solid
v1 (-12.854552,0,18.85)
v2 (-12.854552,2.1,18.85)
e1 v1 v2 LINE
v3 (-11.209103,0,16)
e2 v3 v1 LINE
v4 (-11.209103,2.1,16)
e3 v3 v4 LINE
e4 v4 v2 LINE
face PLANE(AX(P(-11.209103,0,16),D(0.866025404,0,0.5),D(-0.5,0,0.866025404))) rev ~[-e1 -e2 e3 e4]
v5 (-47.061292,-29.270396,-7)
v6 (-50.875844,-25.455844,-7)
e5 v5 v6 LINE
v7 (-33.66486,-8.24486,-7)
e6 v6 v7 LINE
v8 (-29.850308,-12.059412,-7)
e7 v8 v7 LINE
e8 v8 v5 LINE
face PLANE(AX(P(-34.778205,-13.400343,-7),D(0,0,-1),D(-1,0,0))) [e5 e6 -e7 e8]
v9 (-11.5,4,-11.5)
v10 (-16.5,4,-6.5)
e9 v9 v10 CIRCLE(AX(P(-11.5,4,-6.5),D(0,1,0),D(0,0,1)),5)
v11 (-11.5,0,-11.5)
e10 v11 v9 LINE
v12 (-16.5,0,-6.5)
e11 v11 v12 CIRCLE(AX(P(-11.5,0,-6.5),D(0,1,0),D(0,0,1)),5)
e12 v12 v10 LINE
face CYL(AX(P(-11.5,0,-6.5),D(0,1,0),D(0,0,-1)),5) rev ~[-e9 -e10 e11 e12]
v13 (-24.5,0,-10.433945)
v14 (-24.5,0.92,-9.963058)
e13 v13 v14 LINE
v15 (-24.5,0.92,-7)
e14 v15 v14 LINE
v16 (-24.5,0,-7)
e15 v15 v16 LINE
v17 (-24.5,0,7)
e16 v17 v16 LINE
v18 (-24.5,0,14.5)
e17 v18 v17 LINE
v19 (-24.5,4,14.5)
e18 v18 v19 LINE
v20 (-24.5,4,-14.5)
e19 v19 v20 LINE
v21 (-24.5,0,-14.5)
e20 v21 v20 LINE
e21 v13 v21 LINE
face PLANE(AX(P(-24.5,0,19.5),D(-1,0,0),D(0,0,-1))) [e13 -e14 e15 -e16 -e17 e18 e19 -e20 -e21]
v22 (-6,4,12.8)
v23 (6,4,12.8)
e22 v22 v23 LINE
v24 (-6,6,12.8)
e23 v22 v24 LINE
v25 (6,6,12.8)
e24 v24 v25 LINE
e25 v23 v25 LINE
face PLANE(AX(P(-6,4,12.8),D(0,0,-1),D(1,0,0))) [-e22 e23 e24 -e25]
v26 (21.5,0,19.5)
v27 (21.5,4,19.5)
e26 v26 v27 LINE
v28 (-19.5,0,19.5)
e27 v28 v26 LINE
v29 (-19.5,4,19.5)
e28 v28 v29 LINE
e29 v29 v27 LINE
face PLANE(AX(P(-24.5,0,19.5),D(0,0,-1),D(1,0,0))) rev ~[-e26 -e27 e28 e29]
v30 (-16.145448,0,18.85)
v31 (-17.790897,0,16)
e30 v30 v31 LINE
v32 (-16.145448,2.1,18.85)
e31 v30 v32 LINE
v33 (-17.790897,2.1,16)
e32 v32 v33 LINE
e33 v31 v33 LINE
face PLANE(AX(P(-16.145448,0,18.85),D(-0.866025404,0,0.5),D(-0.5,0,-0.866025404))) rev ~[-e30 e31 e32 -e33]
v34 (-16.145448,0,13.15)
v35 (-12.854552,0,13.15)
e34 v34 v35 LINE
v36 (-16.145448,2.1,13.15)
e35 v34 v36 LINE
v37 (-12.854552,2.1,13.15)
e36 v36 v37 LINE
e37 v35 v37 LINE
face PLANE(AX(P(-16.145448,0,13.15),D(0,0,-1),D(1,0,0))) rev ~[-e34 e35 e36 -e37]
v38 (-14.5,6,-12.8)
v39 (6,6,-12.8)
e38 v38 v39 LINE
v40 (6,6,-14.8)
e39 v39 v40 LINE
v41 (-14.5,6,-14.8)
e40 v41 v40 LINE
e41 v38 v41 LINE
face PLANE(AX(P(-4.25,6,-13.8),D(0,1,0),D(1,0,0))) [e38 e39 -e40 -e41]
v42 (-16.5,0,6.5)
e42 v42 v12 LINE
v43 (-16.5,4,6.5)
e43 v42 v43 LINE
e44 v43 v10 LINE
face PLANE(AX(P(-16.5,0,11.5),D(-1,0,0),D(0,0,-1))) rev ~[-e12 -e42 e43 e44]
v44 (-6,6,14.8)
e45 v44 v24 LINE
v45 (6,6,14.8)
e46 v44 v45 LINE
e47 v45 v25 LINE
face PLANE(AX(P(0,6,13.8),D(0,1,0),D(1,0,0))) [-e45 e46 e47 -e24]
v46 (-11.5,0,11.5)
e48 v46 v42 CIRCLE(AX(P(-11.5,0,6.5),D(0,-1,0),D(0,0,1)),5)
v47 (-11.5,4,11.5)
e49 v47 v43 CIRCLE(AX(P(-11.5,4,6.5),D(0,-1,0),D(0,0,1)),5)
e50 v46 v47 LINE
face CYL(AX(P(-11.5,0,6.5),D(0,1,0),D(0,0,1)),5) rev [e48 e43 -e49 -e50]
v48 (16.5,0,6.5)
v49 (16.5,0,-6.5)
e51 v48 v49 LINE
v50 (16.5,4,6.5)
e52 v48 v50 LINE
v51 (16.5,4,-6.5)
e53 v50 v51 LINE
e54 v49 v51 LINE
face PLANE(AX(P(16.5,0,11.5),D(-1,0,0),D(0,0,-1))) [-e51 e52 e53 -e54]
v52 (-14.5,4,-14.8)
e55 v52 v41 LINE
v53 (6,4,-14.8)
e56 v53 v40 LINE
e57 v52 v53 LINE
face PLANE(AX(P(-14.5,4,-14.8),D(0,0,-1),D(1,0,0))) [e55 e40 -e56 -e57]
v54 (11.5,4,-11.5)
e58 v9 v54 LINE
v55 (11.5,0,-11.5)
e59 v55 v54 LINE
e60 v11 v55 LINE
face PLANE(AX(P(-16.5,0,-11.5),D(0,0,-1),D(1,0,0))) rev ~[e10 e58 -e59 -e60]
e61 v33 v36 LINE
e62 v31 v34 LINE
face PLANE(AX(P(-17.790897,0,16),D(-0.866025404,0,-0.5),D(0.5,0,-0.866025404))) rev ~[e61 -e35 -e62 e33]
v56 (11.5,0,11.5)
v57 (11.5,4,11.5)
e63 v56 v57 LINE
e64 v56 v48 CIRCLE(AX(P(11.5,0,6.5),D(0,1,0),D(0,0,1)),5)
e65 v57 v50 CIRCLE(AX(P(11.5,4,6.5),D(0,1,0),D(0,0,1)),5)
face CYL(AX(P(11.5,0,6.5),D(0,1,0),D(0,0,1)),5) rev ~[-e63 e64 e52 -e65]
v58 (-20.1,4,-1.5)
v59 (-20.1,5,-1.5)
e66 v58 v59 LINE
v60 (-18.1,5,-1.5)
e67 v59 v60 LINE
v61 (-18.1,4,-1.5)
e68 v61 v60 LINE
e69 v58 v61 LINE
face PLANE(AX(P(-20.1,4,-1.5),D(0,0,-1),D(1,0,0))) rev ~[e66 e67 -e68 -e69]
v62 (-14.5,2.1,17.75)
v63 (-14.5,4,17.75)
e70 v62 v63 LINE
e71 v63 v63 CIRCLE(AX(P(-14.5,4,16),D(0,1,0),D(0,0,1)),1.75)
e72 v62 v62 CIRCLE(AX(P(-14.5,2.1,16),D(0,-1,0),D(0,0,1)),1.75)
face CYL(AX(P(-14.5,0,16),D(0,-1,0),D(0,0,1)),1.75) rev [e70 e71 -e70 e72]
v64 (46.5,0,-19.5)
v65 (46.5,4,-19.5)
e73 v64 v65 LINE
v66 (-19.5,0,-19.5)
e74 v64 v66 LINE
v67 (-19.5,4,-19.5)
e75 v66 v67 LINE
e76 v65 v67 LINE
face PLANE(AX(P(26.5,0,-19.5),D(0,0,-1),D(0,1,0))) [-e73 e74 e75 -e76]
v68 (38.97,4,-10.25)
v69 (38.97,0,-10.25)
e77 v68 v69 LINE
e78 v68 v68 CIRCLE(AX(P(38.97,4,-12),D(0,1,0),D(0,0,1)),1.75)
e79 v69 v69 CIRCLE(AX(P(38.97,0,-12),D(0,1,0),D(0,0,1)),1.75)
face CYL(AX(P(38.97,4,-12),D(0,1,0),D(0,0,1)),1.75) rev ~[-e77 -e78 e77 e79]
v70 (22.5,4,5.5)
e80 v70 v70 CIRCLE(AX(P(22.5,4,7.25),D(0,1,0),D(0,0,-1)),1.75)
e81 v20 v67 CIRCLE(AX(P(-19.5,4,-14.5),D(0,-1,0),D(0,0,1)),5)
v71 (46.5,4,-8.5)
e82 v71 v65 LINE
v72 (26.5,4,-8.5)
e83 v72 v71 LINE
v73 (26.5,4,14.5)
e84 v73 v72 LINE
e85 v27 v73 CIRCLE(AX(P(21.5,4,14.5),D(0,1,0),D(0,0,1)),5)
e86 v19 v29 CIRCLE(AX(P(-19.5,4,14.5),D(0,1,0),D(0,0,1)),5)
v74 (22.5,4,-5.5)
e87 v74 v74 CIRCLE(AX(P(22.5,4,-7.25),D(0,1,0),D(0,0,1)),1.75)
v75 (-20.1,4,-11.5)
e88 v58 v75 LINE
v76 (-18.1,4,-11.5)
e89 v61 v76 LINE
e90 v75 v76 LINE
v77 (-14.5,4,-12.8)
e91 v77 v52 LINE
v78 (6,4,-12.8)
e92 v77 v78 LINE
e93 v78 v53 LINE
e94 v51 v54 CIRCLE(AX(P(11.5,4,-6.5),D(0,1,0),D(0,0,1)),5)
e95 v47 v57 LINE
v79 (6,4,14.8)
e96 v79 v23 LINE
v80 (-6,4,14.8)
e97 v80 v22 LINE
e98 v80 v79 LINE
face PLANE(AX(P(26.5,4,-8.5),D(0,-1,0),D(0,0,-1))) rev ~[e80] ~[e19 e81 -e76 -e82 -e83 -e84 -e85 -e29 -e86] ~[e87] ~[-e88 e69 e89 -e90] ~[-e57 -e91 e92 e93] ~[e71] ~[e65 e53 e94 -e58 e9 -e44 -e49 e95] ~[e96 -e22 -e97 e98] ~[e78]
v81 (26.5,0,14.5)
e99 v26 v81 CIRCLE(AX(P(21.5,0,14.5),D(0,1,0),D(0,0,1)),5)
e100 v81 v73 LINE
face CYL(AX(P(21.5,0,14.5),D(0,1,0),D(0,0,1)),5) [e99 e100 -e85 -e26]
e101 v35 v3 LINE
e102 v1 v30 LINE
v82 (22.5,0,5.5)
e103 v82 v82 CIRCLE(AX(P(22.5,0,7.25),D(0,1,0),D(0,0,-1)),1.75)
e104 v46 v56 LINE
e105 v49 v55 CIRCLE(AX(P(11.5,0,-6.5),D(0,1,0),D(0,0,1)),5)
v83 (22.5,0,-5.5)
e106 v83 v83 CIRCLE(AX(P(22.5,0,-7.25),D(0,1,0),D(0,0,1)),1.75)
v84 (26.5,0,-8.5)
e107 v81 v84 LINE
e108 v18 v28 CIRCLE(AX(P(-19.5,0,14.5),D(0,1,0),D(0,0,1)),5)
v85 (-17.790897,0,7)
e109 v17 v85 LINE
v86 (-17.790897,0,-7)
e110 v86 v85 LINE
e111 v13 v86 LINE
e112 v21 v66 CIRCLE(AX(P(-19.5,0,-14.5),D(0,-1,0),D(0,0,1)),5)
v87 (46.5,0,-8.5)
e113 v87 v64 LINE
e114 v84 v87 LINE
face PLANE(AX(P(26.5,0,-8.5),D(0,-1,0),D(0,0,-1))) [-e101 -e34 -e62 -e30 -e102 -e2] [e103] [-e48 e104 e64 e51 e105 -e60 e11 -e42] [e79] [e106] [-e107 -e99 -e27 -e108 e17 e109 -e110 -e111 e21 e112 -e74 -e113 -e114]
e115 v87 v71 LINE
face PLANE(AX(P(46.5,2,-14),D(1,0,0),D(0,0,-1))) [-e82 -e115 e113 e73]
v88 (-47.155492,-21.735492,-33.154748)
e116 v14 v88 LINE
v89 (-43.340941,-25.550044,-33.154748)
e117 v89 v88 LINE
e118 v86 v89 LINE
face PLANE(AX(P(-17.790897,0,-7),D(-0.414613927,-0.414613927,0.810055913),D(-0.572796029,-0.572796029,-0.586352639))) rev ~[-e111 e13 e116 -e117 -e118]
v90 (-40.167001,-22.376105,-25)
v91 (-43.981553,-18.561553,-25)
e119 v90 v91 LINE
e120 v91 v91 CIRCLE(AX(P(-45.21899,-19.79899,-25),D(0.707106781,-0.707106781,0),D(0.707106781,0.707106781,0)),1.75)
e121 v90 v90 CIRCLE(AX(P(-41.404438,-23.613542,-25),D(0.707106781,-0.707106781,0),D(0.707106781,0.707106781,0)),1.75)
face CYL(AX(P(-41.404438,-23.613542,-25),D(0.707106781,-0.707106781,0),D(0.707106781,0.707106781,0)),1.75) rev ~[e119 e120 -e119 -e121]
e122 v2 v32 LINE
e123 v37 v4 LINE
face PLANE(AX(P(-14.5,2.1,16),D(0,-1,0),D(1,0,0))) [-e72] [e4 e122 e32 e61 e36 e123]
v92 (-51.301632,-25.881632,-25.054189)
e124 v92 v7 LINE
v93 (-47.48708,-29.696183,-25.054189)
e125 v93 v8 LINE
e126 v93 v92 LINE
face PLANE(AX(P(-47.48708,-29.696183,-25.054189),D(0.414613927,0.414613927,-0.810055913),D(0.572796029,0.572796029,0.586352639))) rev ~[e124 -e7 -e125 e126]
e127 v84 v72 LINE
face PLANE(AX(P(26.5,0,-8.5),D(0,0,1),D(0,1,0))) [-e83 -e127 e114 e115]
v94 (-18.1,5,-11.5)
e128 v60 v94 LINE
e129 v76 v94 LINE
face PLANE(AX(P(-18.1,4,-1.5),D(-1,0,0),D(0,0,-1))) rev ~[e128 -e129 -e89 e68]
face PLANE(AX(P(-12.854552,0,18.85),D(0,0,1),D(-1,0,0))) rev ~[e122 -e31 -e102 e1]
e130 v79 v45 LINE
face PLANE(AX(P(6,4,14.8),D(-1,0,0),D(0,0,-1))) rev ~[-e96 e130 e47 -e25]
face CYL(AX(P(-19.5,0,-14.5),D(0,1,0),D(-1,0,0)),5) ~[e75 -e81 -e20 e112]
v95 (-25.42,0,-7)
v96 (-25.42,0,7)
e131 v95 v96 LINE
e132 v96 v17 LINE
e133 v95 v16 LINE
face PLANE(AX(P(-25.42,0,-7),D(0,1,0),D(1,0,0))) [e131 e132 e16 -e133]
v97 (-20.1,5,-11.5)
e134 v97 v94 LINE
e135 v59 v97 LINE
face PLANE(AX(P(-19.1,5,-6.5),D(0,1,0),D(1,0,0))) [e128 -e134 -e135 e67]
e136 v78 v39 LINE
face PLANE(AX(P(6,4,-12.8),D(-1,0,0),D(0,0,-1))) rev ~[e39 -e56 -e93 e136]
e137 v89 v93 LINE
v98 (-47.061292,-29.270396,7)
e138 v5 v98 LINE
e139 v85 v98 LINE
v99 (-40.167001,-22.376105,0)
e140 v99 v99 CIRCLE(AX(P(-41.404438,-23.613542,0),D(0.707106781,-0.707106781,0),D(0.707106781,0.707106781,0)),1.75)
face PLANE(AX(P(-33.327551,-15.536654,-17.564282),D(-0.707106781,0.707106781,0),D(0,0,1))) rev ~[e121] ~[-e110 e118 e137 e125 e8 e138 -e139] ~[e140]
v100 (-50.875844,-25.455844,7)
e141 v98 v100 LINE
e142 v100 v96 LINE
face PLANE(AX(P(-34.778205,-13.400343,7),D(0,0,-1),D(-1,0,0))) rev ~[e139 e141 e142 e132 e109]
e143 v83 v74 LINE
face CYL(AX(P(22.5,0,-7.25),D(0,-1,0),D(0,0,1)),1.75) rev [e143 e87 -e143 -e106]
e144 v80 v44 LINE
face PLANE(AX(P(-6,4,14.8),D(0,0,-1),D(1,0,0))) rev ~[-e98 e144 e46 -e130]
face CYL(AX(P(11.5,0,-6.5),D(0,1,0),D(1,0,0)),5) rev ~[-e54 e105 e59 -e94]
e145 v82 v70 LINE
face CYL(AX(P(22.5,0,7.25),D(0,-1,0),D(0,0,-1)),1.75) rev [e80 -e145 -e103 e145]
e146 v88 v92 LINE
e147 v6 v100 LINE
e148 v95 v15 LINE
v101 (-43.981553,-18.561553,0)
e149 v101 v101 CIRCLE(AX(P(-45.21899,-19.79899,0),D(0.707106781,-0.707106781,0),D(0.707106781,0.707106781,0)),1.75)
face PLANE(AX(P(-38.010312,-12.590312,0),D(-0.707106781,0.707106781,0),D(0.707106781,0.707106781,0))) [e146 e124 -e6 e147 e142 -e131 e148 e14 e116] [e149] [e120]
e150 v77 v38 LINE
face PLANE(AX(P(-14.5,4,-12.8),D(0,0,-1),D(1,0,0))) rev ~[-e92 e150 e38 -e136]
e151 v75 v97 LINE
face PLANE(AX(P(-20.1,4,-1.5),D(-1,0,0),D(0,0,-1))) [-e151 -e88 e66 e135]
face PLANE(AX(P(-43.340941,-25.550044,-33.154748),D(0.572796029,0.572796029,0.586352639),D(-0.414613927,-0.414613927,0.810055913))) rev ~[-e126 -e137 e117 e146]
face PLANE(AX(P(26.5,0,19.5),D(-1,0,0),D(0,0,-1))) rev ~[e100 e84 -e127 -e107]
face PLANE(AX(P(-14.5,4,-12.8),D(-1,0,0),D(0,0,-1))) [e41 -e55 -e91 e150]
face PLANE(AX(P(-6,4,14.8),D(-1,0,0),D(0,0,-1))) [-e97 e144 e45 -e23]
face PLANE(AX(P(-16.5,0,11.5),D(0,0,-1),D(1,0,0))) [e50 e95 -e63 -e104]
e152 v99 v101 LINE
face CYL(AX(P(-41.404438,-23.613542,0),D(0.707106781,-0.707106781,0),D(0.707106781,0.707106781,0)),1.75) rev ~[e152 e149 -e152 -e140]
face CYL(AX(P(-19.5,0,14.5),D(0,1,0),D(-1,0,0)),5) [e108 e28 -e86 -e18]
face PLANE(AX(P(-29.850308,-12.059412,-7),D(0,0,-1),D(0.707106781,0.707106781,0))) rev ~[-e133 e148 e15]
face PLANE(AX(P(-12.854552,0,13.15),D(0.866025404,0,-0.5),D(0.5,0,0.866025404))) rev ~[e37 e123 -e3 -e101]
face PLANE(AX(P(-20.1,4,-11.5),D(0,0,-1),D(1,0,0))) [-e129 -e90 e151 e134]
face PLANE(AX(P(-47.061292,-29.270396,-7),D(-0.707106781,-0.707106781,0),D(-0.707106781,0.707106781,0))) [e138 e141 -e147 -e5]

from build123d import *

# Parameters (mm, degrees)
SKETCH1_W                       = 51
SKETCH1_H                       = 39
SKETCH1_R                       = 1.75
SKETCH1_W_2                     = 33
SKETCH1_H_2                     = 23
BOSS_EXTRUDE1_DEPTH             = 4
FILLET1_R                       = 5
SKETCH2_W                       = 20.5
SKETCH2_H                       = 2
SKETCH2_W_2                     = 12
BOSS_EXTRUDE4_DEPTH             = 2
FILLET5_R                       = 5
CUT_EXTRUDE1_DEPTH              = 2.1
SKETCH5_W                       = 2
SKETCH5_H                       = 10
BOSS_EXTRUDE5_DEPTH             = 1
BOSS_EXTRUDE6_DEPTH             = 7
BOSS_EXTRUDE6_DEPTH_BACK        = 7
SKETCH7_R                       = 1.75
CUT_EXTRUDE2_DEPTH              = 5.394590795
BOSS_EXTRUDE7_REACH             = 61.994
SKETCH8_R                       = 1.75
SKETCH10_W                      = 11
SKETCH10_H                      = 4
BOSS_EXTRUDE9_DEPTH             = 20
BOSS_EXTRUDE9_DIRECTION_2_REACH = 91.634
SKETCH11_R                      = 1.75
CUT_EXTRUDE3_DEPTH              = 4


with BuildPart() as part:
    # Sketch1 → Boss-Extrude1 (new body)
    with BuildSketch(Plane(origin=(0, 0, 0), x_dir=(1, 0, 0), z_dir=(0, 1, 0))):
        with Locations((1, 0)):
            Rectangle(SKETCH1_W, SKETCH1_H)
        with Locations(Location((22.5, 7.25, 0), (0, 0, 270))):
            Circle(SKETCH1_R, mode=Mode.SUBTRACT)
        with Locations(Location((22.5, -7.25, 0), (0, 0, 90))):
            Circle(SKETCH1_R, mode=Mode.SUBTRACT)
        with Locations(Location((-14.5, -16, 0), (0, 0, 270))):
            Circle(SKETCH1_R, mode=Mode.SUBTRACT)
        Rectangle(SKETCH1_W_2, SKETCH1_H_2, mode=Mode.SUBTRACT)
    extrude(amount=BOSS_EXTRUDE1_DEPTH)

    # Fillet1
    fillet1_edges = [part.edges().sort_by_distance(p)[0] for p in [
        (-16.5, 2, -11.5),
        (-16.5, 2, 11.5),
        (16.5, 2, 11.5),
        (16.5, 2, -11.5),
    ]]
    fillet(fillet1_edges, radius=FILLET1_R)

    # Sketch2 → Boss-Extrude4 (add)
    with BuildSketch(Plane(origin=(0, 4, 0), x_dir=(1, 0, 0), z_dir=(0, 1, 0))):
        with Locations((-4.25, 13.8)):
            Rectangle(SKETCH2_W, SKETCH2_H)
        with Locations((0, -13.8)):
            Rectangle(SKETCH2_W_2, SKETCH2_H)
    extrude(amount=BOSS_EXTRUDE4_DEPTH)

    # Fillet5
    fillet5_edges = [part.edges().sort_by_distance(p)[0] for p in [
        (-24.5, 2, -19.5),
        (26.5, 2, -19.5),
        (26.5, 2, 19.5),
        (-24.5, 2, 19.5),
    ]]
    fillet(fillet5_edges, radius=FILLET5_R)

    # Sketch4 → Cut-Extrude1 (cut)
    with BuildSketch(Plane.XZ):
        Polygon((-12.854551733, 13.15), (-11.209103466, 16), (-12.854551733, 18.85), (-16.145448267, 18.85), (-17.790896534, 16), (-16.145448267, 13.15), align=None)
    extrude(amount=-CUT_EXTRUDE1_DEPTH, mode=Mode.SUBTRACT)

    # Sketch5 → Boss-Extrude5 (add)
    with BuildSketch(Plane(origin=(0, 4, 0), x_dir=(1, 0, 0), z_dir=(0, 1, 0))):
        with Locations((-19.1, 6.5)):
            Rectangle(SKETCH5_W, SKETCH5_H)
    extrude(amount=BOSS_EXTRUDE5_DEPTH)

    # Sketch6 → Boss-Extrude6 (add, two sides: drawn at the far end of the back side and taken through both)
    with BuildSketch(Plane.XY.offset(-BOSS_EXTRUDE6_DEPTH_BACK)):
        Polygon((-50.875844123, -25.455844123), (-25.42, 0), (-17.790896534, 0), (-47.06129239, -29.270395856), align=None)
    extrude(amount=BOSS_EXTRUDE6_DEPTH + BOSS_EXTRUDE6_DEPTH_BACK)

    # Sketch7 → Cut-Extrude2 (cut)
    with BuildSketch(Plane(origin=(-8.895448267, 8.895448267, 0), x_dir=(0, 0, -1), z_dir=(0.7071067811865489, -0.7071067811865462, 0))):
        with Locations(Location((0, -45.974654378, 0), (0, 0, 90))):
            Circle(SKETCH7_R)
    extrude(amount=-CUT_EXTRUDE2_DEPTH, mode=Mode.SUBTRACT)

    # Boss-Extrude7: up to this face of the body (flat: up to its plane)
    boss_extrude7_end = Plane(part.part.faces().sort_by_distance((-38.010311721, -12.590311721, 0))[0])
    # Sketch8 → Boss-Extrude7 (add, up to the picked face)
    with BuildSketch(Plane(origin=(-8.895448267, 8.895448267, 0), x_dir=(0, 0, -1), z_dir=(0.7071067811865489, -0.7071067811865462, 0)), mode=Mode.PRIVATE) as boss_extrude7_sk1:
        Polygon((7, -12.580063583), (33.15474804, -48.713282576), (25.054188906, -54.576808966), (7, -29.634647011), align=None)
        with Locations(Location((25, -45.974654378, 0), (0, 0, 90))):
            Circle(SKETCH8_R, mode=Mode.SUBTRACT)
    boss_extrude7_tool1 = split(extrude(boss_extrude7_sk1.sketch, amount=-BOSS_EXTRUDE7_REACH, mode=Mode.PRIVATE), bisect_by=boss_extrude7_end, keep=Keep.BOTH, mode=Mode.PRIVATE)
    add(boss_extrude7_tool1.solids().sort_by(Axis((-34.185622, -16.394725, -17.997204), (-0.7071067811865489, 0.7071067811865462, 0)))[0])

    # Sketch10 → Boss-Extrude9 (add)
    with BuildSketch(Plane(origin=(26.5, 0, 0), x_dir=(0, 0, -1), z_dir=(1, 0, 0))):
        with Locations((14, 2)):
            Rectangle(SKETCH10_W, SKETCH10_H)
    extrude(amount=BOSS_EXTRUDE9_DEPTH)

    # Sketch10 → Boss-Extrude9 direction 2 (add, up to next)
    with BuildSketch(Plane(origin=(26.5, 0, 0), x_dir=(0, 0, -1), z_dir=(1, 0, 0)), mode=Mode.PRIVATE) as boss_extrude9_direction_2_sk1:
        with Locations((14, 2)):
            Rectangle(SKETCH10_W, SKETCH10_H)
    boss_extrude9_direction_2_tool1 = extrude(boss_extrude9_direction_2_sk1.sketch, amount=-BOSS_EXTRUDE9_DIRECTION_2_REACH, mode=Mode.PRIVATE) - part.part
    add(boss_extrude9_direction_2_tool1.solids().sort_by_distance((26.5, 2, -14))[0])

    # Sketch11 → Cut-Extrude3 (cut)
    with BuildSketch(Plane(origin=(0, 4, 0), x_dir=(1, 0, 0), z_dir=(0, 1, 0))):
        with Locations(Location((38.97, 12, 0), (0, 0, 270))):
            Circle(SKETCH11_R)
    extrude(amount=-CUT_EXTRUDE3_DEPTH, mode=Mode.SUBTRACT)


solid = part.part
